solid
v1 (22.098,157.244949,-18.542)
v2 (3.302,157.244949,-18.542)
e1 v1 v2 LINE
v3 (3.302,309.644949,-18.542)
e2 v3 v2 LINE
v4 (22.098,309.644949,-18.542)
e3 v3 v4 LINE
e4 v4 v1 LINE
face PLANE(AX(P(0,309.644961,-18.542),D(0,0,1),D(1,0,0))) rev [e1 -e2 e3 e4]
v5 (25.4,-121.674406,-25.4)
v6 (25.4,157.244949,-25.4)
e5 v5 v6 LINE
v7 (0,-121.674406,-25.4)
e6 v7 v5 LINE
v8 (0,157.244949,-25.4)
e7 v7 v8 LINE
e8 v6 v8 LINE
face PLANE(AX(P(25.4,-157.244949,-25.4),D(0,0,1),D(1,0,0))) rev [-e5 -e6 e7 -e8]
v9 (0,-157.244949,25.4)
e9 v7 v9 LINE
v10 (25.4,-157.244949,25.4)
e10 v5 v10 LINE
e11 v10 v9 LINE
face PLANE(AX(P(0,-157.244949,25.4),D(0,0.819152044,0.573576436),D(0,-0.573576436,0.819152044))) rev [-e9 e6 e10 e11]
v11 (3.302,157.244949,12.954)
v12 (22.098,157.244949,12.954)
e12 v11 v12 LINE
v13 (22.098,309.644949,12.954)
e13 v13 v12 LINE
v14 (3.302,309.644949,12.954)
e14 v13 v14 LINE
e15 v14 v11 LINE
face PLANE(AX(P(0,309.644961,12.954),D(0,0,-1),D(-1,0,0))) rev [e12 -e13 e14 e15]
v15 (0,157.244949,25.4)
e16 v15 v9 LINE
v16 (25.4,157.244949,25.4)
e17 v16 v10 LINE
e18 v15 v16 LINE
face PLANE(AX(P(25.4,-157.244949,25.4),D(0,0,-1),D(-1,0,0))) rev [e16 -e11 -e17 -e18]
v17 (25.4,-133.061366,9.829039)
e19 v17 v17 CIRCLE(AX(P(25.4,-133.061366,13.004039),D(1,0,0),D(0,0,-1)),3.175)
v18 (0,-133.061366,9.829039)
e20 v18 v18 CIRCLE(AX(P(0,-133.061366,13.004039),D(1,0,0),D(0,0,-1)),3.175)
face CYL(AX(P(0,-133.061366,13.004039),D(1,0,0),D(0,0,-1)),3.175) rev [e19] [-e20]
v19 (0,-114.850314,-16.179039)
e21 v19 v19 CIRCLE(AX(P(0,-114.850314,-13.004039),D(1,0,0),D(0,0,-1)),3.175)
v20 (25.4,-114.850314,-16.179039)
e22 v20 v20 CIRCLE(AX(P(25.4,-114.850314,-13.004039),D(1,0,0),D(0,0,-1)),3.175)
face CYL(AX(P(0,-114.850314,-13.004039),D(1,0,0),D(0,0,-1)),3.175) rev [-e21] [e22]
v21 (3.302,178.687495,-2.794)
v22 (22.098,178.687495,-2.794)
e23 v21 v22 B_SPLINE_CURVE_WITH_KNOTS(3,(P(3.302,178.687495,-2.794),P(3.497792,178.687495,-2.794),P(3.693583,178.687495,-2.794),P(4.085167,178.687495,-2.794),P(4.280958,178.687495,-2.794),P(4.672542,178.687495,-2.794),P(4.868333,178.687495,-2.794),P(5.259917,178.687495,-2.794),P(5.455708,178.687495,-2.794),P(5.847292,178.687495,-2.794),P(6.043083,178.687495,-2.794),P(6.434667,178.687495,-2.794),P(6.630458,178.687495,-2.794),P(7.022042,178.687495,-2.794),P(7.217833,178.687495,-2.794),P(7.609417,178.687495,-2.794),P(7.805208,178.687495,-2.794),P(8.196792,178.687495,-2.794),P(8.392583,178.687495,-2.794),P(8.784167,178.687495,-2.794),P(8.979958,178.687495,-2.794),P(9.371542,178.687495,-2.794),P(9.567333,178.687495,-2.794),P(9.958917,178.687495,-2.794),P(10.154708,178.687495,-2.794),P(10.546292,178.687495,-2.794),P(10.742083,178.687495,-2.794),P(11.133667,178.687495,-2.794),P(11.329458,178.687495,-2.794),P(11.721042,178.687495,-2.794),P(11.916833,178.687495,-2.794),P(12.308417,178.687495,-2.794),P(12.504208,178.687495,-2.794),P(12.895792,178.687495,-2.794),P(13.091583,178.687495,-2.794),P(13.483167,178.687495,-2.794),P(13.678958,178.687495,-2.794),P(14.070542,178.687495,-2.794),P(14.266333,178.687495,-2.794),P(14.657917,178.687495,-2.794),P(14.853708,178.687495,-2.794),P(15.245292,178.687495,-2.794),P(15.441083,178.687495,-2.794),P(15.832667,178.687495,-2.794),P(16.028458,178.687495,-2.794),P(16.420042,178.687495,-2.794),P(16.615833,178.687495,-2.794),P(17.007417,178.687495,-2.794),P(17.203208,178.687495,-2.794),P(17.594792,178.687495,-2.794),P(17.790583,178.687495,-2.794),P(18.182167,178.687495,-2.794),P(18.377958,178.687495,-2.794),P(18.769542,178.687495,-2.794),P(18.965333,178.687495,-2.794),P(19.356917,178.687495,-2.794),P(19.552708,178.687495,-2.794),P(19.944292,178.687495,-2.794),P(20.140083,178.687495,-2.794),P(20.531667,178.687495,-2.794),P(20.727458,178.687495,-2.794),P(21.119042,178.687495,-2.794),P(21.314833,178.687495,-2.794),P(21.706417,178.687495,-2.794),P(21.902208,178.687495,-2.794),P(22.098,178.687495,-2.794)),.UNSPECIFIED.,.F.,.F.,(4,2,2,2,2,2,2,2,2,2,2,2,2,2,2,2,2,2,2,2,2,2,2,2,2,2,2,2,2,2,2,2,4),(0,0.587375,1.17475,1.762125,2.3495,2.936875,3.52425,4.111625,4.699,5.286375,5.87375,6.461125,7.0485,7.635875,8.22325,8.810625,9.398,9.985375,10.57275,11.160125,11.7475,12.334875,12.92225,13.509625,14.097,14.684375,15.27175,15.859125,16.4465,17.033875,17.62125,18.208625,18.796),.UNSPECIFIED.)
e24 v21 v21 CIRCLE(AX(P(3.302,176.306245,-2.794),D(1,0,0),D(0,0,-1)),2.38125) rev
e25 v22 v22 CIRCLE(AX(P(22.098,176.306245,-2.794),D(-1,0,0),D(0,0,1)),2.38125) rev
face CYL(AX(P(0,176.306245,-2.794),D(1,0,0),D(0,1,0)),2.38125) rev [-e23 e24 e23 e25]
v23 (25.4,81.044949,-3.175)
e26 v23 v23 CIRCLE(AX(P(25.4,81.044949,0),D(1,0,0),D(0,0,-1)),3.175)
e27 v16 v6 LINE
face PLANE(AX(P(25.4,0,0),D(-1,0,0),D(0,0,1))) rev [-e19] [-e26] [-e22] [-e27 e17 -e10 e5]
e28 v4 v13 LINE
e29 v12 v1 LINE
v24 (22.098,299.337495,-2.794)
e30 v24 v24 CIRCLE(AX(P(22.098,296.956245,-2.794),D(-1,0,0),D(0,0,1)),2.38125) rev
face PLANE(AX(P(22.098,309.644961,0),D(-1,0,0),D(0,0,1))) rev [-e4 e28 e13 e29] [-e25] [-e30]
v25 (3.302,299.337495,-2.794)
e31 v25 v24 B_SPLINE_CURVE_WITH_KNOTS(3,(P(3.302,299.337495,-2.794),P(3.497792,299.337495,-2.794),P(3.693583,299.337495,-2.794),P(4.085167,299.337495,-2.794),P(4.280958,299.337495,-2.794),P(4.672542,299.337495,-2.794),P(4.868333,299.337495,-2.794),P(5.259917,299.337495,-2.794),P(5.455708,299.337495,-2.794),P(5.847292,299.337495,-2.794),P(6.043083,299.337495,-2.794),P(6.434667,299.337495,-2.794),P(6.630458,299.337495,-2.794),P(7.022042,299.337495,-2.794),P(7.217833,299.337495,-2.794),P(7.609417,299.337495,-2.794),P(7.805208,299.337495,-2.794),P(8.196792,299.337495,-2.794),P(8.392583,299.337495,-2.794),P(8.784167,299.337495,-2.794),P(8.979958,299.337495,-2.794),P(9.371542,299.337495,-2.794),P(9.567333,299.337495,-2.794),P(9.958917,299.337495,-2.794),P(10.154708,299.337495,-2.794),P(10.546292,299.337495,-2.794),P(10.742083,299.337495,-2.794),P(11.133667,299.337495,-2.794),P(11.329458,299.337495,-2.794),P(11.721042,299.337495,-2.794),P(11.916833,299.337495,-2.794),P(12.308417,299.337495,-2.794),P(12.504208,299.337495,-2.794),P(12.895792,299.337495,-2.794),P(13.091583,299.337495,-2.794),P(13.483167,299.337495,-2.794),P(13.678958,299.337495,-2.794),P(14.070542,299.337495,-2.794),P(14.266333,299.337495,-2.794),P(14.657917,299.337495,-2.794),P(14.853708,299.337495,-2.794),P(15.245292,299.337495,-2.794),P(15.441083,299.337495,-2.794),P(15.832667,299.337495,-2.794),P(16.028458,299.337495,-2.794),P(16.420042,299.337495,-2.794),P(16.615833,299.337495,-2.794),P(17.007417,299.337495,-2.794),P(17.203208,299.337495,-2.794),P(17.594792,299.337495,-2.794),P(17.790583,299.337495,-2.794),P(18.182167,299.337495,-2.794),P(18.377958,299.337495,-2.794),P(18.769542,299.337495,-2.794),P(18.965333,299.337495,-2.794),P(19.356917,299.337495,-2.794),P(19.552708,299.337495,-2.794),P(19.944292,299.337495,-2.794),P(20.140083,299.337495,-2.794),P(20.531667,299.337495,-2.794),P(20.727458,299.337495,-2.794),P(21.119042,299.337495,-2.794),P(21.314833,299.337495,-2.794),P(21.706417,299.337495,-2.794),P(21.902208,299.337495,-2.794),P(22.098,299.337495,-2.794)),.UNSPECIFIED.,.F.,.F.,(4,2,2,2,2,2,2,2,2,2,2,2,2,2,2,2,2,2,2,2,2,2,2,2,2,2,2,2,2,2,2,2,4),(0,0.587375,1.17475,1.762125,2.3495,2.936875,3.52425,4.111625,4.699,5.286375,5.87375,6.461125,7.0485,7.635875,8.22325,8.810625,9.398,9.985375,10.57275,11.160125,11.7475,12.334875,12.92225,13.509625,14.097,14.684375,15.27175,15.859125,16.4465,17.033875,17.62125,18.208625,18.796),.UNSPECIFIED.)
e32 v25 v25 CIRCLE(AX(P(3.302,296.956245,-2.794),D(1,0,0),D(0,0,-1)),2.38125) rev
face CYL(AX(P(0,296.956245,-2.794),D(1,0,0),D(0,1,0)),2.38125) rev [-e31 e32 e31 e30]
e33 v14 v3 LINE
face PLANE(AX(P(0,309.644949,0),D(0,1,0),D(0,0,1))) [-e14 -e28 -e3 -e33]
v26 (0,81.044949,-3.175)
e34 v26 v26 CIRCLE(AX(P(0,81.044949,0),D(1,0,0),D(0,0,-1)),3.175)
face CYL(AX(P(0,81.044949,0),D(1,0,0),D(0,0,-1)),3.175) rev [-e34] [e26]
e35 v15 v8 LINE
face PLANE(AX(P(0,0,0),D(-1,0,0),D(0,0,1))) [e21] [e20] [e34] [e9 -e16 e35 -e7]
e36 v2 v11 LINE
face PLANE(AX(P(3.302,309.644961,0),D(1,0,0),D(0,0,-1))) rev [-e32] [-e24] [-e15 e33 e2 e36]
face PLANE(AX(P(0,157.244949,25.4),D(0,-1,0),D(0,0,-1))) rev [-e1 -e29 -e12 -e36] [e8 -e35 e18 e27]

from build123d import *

# Parameters (mm, degrees)
SKETCH1_W               = 50.8
SKETCH1_H               = 314.489898324
BOSS_EXTRUDE1_DEPTH     = 25.4
CUT_EXTRUDE1_DEPTH      = 162.295672716
SKETCH3_R               = 3.175
CUT_EXTRUDE2_DEPTH      = 162.295672716
SKETCH6_W               = 25.4
SKETCH6_H               = 50.8
BOSS_EXTRUDE3_DEPTH     = 152.4
CUT_EXTRUDE4_DEPTH      = 312.721533651
CUT_EXTRUDE5_DEPTH      = 315.810728123
SKETCH5_R               = 2.38125
CUT_EXTRUDE3_DEPTH      = 312.543594923
CUT_EXTRUDE6_DEPTH      = 469.269684217
CUT_EXTRUDE6_DEPTH_BACK = 152.4
SKETCH9_R               = 29.953527753
SKETCH9_W               = 20.828
SKETCH9_H               = 33.528


with BuildPart() as part:
    # Sketch1 → Boss-Extrude1 (new body)
    with BuildSketch(Plane(origin=(0, 0, 0), x_dir=(0, 0, -1), z_dir=(1, 0, 0))):
        Rectangle(SKETCH1_W, SKETCH1_H)
    extrude(amount=BOSS_EXTRUDE1_DEPTH)

    # Sketch2 → Cut-Extrude1 (cut, through all)
    with BuildSketch(Plane(origin=(25.4, 0, 0), x_dir=(0, 0, -1), z_dir=(1, 0, 0))):
        Polygon((-25.4, -157.244949162), (25.4, -121.674406221), (50.8, -121.674406221), (50.8, -172.474406221), (-25.4, -172.474406221), align=None)
    extrude(amount=-CUT_EXTRUDE1_DEPTH, mode=Mode.SUBTRACT)

    # Sketch3 → Cut-Extrude2 (cut, through all)
    with BuildSketch(Plane(origin=(25.4, 0, 0), x_dir=(0, 0, -1), z_dir=(1, 0, 0))):
        with Locations((-13.004038703, -133.061366341)):
            Circle(SKETCH3_R)
        with Locations((13.004038703, -114.850314487)):
            Circle(SKETCH3_R)
        with Locations((0, 81.044949162)):
            Circle(SKETCH3_R)
    extrude(amount=-CUT_EXTRUDE2_DEPTH, mode=Mode.SUBTRACT)

    # Sketch6 → Boss-Extrude3 (add)
    with BuildSketch(Plane(origin=(0, 157.244949162, 0), x_dir=(1, 0, 0), z_dir=(0, 1, 0))):
        with Locations((12.7, 0)):
            Rectangle(SKETCH6_W, SKETCH6_H)
    extrude(amount=BOSS_EXTRUDE3_DEPTH)

    # Sketch7 → Cut-Extrude4 (cut, through all)
    with BuildSketch(Plane(origin=(25.4, 0, 0), x_dir=(0, 0, -1), z_dir=(1, 0, 0))):
        with BuildLine():
            Line((-25.4, 157.244949162), (-25.4, 309.644949162))
            Line((-25.4, 309.644949162), (-13.97, 309.644949162))
            Line((-13.97, 309.644949162), (-13.97, 163.594949162))
            ThreePointArc((-13.97, 163.594949162), (-15.829871939, 159.104821101), (-20.32, 157.244949162))
            Line((-20.32, 157.244949162), (-25.4, 157.244949162))
        make_face()
        with BuildLine():
            Line((39.293979998, 157.244949162), (25.908, 157.244949162))
            ThreePointArc((25.908, 157.244949162), (21.417871939, 159.104821101), (19.558, 163.594949162))
            Line((19.558, 163.594949162), (19.558, 309.644949162))
            Line((19.558, 309.644949162), (39.293979998, 309.644949162))
            Line((39.293979998, 309.644949162), (39.293979998, 157.244949162))
        make_face()
    extrude(amount=-CUT_EXTRUDE4_DEPTH, mode=Mode.SUBTRACT)

    # Sketch8 → Cut-Extrude5 (cut, through all)
    with BuildSketch(Plane.XY.offset(25.4)):
        with BuildLine():
            Line((2.286, 309.644949162), (-14.90160116, 309.644949162))
            Line((-14.90160116, 309.644949162), (-14.90160116, 157.244949162))
            Line((-14.90160116, 157.244949162), (-4.064, 157.244949162))
            ThreePointArc((-4.064, 157.244949162), (0.426128061, 159.104821101), (2.286, 163.594949162))
            Line((2.286, 163.594949162), (2.286, 309.644949162))
        make_face()
        with BuildLine():
            Line((23.114, 163.594949162), (23.114, 309.644949162))
            Line((23.114, 309.644949162), (40.983283112, 309.644949162))
            Line((40.983283112, 309.644949162), (40.983283112, 157.244949162))
            Line((40.983283112, 157.244949162), (29.464, 157.244949162))
            ThreePointArc((29.464, 157.244949162), (24.973871939, 159.104821101), (23.114, 163.594949162))
        make_face()
    extrude(amount=-CUT_EXTRUDE5_DEPTH, mode=Mode.SUBTRACT)

    # Sketch5 → Cut-Extrude3 (cut, through all)
    with BuildSketch(Plane(origin=(23.114, 0, 0), x_dir=(0, 0, -1), z_dir=(1, 0, 0))):
        with Locations(Location((2.794, 296.956244864, 0), (0, 0, 90))):
            Circle(SKETCH5_R)
        with Locations(Location((2.794, 176.306244864, 0), (0, 0, 90))):
            Circle(SKETCH5_R)
    extrude(amount=-CUT_EXTRUDE3_DEPTH, mode=Mode.SUBTRACT)

    # Sketch9 → Cut-Extrude6 (cut, two sides: drawn at the far end of the back side and taken through both)
    # profile 1 of 3: a face of its own
    with BuildSketch(Plane(origin=(0, 309.644949162, 0), x_dir=(1, 0, 0), z_dir=(0, 1, 0)).offset(-CUT_EXTRUDE6_DEPTH_BACK)):
        with Locations((12.7, 2.794)):
            Circle(SKETCH9_R)
        with Locations((12.7, 2.794)):
            Rectangle(SKETCH9_W, SKETCH9_H, mode=Mode.SUBTRACT)
    # profile 2 of 3: a face of its own
    with BuildSketch(Plane(origin=(0, 309.644949162, 0), x_dir=(1, 0, 0), z_dir=(0, 1, 0)).offset(-CUT_EXTRUDE6_DEPTH_BACK)):
        Polygon((3.302, 18.542), (12.7, 18.542), (12.7, 19.558), (2.286, 19.558), (2.286, -13.97), (12.7, -13.97), (12.7, -12.954), (3.302, -12.954), align=None)
    # profile 3 of 3: a face of its own
    with BuildSketch(Plane(origin=(0, 309.644949162, 0), x_dir=(1, 0, 0), z_dir=(0, 1, 0)).offset(-CUT_EXTRUDE6_DEPTH_BACK)):
        Polygon((12.7, 18.542), (22.098, 18.542), (22.098, 2.794), (22.098, -12.954), (12.7, -12.954), (12.7, -13.97), (23.114, -13.97), (23.114, 19.558), (12.7, 19.558), align=None)
    extrude(amount=CUT_EXTRUDE6_DEPTH + CUT_EXTRUDE6_DEPTH_BACK, mode=Mode.SUBTRACT)


solid = part.part
